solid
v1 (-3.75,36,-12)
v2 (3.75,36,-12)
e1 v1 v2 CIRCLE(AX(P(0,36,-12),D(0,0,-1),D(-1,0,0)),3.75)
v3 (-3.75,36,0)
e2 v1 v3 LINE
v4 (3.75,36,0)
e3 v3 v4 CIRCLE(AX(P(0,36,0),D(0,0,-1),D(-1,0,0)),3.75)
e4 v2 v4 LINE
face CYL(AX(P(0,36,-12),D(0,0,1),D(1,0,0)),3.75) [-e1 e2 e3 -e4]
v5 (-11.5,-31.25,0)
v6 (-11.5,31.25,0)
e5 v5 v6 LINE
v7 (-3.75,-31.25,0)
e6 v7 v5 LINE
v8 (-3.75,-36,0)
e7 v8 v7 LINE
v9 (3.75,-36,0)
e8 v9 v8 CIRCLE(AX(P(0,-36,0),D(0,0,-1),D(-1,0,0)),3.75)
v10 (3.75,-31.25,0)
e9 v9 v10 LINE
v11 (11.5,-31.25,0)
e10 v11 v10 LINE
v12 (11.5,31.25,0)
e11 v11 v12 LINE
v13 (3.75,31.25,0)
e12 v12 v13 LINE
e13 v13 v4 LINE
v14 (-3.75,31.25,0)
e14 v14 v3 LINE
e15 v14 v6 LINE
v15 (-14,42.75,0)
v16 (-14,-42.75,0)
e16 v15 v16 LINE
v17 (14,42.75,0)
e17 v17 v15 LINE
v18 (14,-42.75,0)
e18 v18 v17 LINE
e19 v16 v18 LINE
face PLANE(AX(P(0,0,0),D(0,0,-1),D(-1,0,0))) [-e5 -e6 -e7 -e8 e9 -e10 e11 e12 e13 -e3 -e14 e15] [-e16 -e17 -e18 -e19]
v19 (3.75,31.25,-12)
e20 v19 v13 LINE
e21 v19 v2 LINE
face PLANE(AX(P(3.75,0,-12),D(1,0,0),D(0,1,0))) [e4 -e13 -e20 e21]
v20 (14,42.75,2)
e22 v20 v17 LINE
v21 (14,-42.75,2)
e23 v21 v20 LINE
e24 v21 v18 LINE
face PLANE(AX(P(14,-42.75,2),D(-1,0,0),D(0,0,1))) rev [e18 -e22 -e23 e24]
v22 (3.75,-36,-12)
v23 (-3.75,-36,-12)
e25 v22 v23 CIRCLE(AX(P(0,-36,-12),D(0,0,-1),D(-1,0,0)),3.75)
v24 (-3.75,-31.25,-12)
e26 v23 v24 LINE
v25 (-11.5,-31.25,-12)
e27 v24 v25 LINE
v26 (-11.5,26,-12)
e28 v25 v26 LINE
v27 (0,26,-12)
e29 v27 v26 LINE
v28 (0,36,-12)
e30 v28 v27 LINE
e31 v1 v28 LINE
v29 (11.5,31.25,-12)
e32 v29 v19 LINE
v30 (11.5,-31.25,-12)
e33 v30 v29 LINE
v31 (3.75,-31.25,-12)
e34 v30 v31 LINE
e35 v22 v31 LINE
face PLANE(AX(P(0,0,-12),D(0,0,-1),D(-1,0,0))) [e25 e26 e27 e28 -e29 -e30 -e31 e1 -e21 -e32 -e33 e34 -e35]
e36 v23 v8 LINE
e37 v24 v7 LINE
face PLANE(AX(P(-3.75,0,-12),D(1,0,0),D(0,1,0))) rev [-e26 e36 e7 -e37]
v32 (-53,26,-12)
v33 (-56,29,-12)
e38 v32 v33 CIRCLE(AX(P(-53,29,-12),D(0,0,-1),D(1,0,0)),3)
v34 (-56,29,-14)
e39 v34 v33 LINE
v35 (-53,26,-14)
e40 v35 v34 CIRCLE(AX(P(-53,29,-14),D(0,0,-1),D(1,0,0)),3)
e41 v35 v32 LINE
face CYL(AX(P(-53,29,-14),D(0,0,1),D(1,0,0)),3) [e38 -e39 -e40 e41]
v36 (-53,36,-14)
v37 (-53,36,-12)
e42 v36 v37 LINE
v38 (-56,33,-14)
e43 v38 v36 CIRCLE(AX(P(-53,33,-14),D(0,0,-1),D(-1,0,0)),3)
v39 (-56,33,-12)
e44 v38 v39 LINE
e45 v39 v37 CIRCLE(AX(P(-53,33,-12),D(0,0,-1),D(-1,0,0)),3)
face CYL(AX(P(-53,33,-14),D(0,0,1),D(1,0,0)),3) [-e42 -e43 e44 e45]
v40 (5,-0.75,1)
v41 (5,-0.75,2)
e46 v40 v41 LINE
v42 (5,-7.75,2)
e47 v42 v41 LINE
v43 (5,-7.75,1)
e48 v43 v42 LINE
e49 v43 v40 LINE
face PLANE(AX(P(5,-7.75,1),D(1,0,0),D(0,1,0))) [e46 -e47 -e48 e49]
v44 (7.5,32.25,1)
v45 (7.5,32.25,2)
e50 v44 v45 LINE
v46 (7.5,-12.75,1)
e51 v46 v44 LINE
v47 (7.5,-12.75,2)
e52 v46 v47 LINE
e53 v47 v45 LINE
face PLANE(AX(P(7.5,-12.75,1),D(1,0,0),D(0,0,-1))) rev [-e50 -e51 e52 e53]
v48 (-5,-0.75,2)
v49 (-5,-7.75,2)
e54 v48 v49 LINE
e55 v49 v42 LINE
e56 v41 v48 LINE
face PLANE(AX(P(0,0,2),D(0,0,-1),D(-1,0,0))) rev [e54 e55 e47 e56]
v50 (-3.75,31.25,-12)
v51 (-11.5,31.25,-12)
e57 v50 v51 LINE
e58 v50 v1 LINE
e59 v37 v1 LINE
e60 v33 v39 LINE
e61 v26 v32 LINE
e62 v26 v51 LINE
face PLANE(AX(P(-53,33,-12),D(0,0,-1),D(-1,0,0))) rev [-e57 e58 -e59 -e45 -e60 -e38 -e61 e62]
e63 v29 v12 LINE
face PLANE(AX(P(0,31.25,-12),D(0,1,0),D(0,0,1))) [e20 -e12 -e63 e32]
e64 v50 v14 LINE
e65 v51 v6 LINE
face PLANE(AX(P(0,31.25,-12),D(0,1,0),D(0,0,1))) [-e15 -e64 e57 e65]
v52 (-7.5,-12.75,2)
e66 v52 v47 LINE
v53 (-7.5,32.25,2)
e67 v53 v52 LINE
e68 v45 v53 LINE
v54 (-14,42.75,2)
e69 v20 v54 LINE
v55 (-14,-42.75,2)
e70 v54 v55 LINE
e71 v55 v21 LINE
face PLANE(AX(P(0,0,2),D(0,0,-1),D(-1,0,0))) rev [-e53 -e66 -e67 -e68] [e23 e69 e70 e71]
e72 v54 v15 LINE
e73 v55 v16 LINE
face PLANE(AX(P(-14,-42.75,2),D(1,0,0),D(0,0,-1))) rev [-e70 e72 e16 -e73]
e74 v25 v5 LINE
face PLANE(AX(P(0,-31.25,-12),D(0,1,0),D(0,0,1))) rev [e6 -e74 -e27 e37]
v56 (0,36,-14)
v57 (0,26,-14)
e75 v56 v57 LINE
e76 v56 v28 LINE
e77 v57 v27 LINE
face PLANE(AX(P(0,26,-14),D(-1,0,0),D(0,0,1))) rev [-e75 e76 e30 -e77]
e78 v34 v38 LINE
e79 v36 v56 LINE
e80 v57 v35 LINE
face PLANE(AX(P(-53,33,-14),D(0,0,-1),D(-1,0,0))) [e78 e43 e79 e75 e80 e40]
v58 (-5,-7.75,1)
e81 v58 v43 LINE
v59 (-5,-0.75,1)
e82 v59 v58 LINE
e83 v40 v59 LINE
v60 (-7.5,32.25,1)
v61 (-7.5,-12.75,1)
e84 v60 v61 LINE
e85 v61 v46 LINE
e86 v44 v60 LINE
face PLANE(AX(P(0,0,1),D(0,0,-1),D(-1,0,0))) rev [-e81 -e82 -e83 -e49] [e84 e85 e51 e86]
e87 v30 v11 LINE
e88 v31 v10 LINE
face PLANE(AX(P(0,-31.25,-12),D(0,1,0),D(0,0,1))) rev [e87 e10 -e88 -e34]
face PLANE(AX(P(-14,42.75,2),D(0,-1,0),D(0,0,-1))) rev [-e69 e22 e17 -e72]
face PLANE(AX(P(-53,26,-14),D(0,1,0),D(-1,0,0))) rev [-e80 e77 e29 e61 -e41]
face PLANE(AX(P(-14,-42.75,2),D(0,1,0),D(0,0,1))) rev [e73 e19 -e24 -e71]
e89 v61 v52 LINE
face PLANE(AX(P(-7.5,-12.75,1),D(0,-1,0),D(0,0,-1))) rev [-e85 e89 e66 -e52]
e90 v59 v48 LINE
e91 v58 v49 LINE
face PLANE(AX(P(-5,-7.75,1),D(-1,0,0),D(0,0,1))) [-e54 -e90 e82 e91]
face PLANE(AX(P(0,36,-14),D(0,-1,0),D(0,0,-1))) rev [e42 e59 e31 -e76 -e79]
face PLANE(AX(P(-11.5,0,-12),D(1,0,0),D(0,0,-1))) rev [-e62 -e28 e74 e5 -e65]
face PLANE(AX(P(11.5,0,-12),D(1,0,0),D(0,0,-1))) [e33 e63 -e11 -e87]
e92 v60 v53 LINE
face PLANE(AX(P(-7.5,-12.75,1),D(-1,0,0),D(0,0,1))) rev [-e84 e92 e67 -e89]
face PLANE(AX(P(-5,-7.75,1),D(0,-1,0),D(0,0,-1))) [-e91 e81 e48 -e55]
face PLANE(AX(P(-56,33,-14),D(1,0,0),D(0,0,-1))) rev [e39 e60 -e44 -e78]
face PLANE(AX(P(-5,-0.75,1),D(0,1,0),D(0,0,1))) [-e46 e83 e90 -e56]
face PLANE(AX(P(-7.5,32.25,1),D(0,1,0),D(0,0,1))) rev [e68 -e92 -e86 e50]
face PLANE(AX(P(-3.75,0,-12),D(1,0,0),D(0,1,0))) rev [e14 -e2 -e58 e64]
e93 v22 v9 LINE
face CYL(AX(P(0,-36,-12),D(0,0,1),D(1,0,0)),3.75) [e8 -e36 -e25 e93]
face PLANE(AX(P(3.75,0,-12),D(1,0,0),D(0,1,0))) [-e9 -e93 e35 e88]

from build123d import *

# Parameters (mm, degrees)
SKETCH_1_W          = 28
SKETCH_1_H          = 85.5
EXTRUDE_1_DEPTH     = 2
SKETCH_2_W          = 15
SKETCH_2_H          = 45
SKETCH_2_W_2        = 10
SKETCH_2_H_2        = 7
CUT_EXTRUDE_1_DEPTH = 1
SKETCH_3_W          = 7.5
SKETCH_3_H          = 62.5
SKETCH_3_W_2        = 7.75
EXTRUDE_2_DEPTH     = 12
EXTRUDE_3_DEPTH     = 2


with BuildPart() as part:
    # 草图1 → 凸台-拉伸1 (new body)
    with BuildSketch(Plane.XY):
        Rectangle(SKETCH_1_W, SKETCH_1_H)
    extrude(amount=EXTRUDE_1_DEPTH)

    # 草图2 → 切除-拉伸1 (cut)
    with BuildSketch(Plane.XY.offset(2)):
        with Locations((0, 9.75)):
            Rectangle(SKETCH_2_W, SKETCH_2_H)
        with Locations((0, -4.25)):
            Rectangle(SKETCH_2_W_2, SKETCH_2_H_2, mode=Mode.SUBTRACT)
    extrude(amount=-CUT_EXTRUDE_1_DEPTH, mode=Mode.SUBTRACT)

    # 草图3 → 凸台-拉伸2 (add)
    with BuildSketch(Plane(origin=(0, 0, 0), x_dir=(-1, 0, 0), z_dir=(0, 0, -1))):
        Rectangle(SKETCH_3_W, SKETCH_3_H)
        with Locations((-7.625, 0)):
            Rectangle(SKETCH_3_W_2, SKETCH_3_H)
        with Locations((7.625, 0)):
            Rectangle(SKETCH_3_W_2, SKETCH_3_H)
        with BuildLine():
            Line((-3.75, 36), (-3.75, 31.25))
            Line((-3.75, 31.25), (3.75, 31.25))
            Line((3.75, 31.25), (3.75, 36))
            ThreePointArc((3.75, 36), (0, 39.75), (-3.75, 36))
        make_face()
        with BuildLine():
            Line((3.75, -31.25), (-3.75, -31.25))
            Line((-3.75, -31.25), (-3.75, -36))
            ThreePointArc((-3.75, -36), (0, -39.75), (3.75, -36))
            Line((3.75, -36), (3.75, -31.25))
        make_face()
    extrude(amount=EXTRUDE_2_DEPTH)

    # 草图4 → 凸台-拉伸3 (add)
    with BuildSketch(Plane(origin=(0, 0, -12), x_dir=(-1, 0, 0), z_dir=(0, 0, -1))):
        with BuildLine():
            Line((0, 36), (53, 36))
            ThreePointArc((53, 36), (55.121320344, 35.121320344), (56, 33))
            Line((56, 33), (56, 29))
            ThreePointArc((56, 29), (55.121320344, 26.878679656), (53, 26))
            Line((53, 26), (0, 26))
            Line((0, 26), (0, 36))
        make_face()
    extrude(amount=EXTRUDE_3_DEPTH)


solid = part.part
